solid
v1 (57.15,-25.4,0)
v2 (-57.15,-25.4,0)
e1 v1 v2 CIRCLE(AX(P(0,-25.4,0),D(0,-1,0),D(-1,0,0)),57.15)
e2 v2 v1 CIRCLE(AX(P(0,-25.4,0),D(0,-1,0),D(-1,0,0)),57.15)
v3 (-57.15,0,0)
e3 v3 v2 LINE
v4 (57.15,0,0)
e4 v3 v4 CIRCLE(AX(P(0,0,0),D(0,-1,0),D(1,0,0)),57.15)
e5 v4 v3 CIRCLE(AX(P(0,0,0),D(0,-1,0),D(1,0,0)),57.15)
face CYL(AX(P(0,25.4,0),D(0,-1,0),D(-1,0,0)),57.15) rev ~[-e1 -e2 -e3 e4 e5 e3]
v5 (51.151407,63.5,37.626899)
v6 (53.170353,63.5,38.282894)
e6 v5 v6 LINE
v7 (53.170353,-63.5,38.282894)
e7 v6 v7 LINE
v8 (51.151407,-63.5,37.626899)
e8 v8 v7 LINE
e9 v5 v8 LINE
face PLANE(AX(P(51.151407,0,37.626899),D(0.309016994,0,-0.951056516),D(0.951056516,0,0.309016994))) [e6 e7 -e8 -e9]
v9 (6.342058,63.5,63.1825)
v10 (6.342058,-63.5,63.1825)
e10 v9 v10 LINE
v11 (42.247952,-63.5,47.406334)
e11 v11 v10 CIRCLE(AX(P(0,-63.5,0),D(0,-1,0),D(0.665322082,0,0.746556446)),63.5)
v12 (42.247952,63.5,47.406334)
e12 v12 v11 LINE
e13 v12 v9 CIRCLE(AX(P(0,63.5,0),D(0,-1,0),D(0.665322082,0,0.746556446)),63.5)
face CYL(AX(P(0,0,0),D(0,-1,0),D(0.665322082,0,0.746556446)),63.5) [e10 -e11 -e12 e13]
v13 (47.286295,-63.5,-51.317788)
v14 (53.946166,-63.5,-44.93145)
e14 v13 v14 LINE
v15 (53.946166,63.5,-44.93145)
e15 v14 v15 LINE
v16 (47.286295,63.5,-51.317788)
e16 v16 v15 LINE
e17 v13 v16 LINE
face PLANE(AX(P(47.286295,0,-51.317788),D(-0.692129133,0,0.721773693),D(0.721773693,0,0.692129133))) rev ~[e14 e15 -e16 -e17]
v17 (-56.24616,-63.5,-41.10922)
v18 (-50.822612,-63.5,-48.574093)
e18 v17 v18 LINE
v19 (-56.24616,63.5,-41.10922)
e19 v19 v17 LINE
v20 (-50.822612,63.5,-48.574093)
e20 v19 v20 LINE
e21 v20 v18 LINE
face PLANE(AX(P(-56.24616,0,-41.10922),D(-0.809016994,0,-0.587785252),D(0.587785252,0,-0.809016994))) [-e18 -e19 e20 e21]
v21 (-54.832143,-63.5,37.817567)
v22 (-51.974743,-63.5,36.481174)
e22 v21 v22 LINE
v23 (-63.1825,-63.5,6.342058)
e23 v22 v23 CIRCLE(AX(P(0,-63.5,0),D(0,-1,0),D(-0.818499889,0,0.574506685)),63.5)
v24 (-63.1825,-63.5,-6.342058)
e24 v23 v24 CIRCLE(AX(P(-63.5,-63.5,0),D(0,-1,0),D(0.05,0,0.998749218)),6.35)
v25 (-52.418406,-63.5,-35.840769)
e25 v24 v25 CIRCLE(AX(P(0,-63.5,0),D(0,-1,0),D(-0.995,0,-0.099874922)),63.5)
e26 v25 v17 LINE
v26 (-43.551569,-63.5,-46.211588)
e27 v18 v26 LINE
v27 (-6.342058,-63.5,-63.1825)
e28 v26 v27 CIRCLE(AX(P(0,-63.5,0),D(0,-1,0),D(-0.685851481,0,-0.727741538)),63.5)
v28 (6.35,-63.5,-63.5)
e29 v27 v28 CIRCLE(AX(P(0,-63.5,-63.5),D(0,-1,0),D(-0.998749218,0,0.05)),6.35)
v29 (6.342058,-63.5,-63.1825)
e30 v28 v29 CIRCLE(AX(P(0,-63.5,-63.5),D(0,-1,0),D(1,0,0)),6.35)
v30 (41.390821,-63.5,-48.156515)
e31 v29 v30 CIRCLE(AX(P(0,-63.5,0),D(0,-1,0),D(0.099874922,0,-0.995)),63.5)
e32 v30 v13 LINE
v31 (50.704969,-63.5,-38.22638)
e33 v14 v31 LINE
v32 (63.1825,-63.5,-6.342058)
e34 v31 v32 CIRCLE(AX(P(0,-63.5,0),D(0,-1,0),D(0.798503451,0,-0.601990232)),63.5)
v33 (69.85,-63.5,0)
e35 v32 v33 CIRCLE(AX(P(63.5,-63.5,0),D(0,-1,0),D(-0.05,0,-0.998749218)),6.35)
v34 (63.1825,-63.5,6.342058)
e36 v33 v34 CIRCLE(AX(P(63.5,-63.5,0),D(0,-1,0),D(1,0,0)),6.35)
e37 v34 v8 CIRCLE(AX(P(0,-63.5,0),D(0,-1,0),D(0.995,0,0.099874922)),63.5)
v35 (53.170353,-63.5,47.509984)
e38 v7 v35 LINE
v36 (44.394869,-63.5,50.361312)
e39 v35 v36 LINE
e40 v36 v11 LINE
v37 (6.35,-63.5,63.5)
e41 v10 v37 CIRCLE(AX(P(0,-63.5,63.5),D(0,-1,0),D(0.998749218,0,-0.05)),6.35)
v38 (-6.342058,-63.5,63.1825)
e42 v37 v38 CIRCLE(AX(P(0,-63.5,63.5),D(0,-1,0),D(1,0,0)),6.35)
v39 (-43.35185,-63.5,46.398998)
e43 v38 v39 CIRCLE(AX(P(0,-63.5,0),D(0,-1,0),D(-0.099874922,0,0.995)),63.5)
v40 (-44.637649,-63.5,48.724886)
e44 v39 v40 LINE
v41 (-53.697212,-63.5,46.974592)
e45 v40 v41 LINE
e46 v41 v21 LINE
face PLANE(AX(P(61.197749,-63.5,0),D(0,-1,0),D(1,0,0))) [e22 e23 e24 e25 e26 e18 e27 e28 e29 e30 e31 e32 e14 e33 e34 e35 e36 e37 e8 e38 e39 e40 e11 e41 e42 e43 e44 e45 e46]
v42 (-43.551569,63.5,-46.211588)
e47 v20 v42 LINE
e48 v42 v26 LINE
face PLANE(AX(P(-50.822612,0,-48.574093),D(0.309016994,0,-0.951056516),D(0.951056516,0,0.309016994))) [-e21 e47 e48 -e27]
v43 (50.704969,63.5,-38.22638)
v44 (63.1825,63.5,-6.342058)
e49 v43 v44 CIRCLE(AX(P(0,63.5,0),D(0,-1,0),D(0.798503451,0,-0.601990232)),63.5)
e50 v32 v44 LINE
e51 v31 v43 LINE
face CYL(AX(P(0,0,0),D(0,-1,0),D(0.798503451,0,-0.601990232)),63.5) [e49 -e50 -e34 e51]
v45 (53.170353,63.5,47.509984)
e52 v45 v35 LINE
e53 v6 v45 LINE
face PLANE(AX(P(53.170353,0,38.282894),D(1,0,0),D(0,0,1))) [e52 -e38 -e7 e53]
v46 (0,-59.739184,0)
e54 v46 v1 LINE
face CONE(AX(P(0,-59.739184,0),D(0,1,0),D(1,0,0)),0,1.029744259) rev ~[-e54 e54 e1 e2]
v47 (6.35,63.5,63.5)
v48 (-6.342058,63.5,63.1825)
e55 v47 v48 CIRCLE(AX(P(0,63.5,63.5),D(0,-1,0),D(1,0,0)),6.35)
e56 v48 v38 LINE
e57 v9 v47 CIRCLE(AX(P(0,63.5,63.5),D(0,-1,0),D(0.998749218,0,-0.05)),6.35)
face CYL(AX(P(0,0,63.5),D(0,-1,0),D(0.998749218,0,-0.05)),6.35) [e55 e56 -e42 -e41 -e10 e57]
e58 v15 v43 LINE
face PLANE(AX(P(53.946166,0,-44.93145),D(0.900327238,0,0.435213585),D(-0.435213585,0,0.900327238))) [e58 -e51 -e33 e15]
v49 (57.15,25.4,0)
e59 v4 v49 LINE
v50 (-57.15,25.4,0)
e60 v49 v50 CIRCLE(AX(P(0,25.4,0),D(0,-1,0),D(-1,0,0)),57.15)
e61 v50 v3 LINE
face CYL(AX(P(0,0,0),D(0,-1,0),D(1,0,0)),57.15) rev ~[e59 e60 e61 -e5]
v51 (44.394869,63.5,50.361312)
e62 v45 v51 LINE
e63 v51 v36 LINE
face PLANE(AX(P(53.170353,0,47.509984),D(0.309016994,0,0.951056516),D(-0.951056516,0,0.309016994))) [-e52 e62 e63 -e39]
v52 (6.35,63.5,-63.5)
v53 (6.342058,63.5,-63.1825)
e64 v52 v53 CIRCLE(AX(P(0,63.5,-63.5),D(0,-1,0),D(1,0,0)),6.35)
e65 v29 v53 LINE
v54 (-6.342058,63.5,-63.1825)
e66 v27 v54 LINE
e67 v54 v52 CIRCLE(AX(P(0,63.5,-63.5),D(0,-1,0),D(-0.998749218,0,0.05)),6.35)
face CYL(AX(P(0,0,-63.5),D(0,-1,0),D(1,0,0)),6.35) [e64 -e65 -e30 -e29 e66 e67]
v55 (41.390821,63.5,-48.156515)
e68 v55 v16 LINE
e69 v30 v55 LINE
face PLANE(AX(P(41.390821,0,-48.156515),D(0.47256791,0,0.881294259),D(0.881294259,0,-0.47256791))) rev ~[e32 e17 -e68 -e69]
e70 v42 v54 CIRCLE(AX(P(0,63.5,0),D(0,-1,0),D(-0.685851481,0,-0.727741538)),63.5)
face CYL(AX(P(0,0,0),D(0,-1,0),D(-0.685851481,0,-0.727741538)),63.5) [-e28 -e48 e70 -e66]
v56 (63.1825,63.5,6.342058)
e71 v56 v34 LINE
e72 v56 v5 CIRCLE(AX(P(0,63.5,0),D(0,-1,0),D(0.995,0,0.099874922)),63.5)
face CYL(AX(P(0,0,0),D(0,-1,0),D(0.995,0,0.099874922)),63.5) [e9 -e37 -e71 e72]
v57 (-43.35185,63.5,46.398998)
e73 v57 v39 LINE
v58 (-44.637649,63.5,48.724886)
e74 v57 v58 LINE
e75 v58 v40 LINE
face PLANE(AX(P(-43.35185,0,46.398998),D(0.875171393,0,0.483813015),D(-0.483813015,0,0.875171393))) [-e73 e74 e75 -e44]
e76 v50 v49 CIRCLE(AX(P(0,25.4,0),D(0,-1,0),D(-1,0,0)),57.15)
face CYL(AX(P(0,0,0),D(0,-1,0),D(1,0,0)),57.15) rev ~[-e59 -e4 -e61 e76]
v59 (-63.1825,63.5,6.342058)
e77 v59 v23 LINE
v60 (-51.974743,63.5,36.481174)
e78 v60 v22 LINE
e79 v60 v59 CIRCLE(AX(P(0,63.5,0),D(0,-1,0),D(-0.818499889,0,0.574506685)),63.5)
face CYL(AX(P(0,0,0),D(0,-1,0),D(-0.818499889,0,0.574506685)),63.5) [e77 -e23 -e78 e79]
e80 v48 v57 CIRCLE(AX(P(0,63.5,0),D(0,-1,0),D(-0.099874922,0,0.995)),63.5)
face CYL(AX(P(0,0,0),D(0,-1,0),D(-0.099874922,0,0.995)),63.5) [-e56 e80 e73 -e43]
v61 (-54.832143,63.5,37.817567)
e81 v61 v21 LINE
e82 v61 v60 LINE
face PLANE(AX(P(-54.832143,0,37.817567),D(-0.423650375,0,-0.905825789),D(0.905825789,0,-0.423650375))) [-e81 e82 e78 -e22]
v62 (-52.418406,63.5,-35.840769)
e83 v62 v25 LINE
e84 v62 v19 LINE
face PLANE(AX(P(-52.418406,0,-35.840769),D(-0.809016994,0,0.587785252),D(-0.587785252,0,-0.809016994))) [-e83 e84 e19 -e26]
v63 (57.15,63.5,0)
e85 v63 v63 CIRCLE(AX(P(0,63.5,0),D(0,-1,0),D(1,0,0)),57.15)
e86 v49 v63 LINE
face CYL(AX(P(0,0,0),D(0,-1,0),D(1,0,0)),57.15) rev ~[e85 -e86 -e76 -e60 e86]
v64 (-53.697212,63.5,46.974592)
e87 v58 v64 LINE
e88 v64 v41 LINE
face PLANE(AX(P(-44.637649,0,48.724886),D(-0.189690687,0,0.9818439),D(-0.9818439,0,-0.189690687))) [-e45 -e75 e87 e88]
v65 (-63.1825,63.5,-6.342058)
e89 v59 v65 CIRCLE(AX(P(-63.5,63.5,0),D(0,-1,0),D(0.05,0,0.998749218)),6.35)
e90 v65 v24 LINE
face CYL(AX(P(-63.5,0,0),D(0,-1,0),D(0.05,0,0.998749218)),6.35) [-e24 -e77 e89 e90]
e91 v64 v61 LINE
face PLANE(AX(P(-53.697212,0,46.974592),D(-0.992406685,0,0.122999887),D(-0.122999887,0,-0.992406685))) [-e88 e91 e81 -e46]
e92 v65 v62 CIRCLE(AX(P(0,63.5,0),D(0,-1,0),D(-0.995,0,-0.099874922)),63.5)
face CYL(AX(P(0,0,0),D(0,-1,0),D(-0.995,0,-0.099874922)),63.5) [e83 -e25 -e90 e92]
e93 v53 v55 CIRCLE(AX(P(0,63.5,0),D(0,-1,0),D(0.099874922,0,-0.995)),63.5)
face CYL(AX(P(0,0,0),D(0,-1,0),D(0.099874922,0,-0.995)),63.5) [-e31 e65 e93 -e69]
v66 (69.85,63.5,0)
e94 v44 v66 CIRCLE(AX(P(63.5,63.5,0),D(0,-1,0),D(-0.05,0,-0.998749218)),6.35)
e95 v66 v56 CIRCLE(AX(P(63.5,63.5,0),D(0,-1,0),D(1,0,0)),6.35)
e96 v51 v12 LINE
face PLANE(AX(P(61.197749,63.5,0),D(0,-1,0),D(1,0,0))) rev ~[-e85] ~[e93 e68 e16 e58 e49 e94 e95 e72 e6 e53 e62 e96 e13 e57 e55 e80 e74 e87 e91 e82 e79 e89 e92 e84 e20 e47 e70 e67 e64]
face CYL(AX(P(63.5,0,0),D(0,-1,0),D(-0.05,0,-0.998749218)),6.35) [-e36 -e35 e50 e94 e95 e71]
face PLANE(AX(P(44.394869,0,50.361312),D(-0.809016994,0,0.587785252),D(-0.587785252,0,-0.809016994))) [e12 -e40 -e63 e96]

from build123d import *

# Parameters (mm, degrees)
F1_DEPTH = 63.5
F2_D     = 114.3
F2_DEPTH = 63.501
F3_D     = 114.3
F3_DEPTH = 25.4
F3_TIP   = 34.3391843774


with BuildPart() as f1:
    # F0 (on Front) → F1 (new body, symmetric)
    with BuildSketch(Plane.XZ):
        with BuildLine():
            ThreePointArc((63.1825, -6.3420575329), (63.4205753285, -3.175), (63.5, 0))
            ThreePointArc((63.5, 0), (63.4205753285, 3.175), (63.1825, 6.3420575329))
            ThreePointArc((63.1825, 6.3420575329), (57.15, 0), (63.1825, -6.3420575329))
        make_face()
        with BuildLine():
            ThreePointArc((63.1825, 6.3420575329), (63.4205753285, 3.175), (63.5, 0))
            ThreePointArc((63.5, 0), (63.4205753285, -3.175), (63.1825, -6.3420575329))
            ThreePointArc((63.1825, -6.3420575329), (67.8764354788, -4.6010121169), (69.85, 0))
            ThreePointArc((69.85, 0), (67.8764354788, 4.6010121169), (63.1825, 6.3420575329))
        make_face()
        with BuildLine():
            ThreePointArc((63.1825, -6.3420575329), (57.15, 0), (63.1825, 6.3420575329))
            ThreePointArc((63.1825, 6.3420575329), (59.2684226035, 22.7926321889), (51.1514073356, 37.6268989898))
            Line((51.1514073356, 37.6268989898), (44.3948691925, 35.4315666688))
            Line((44.3948691925, 35.4315666688), (38.9713217069, 42.8964393729))
            Line((38.9713217069, 42.8964393729), (42.2479521953, 47.4063343373))
            ThreePointArc((42.2479521953, 47.4063343373), (25.5434749418, 58.1358829631), (6.3420575329, 63.1825))
            ThreePointArc((6.3420575329, 63.1825), (0, 57.15), (-6.3420575329, 63.1825))
            ThreePointArc((-6.3420575329, 63.1825), (-26.2258003585, 57.831283883), (-43.351850487, 46.3989984736))
            Line((-43.351850487, 46.3989984736), (-40.1734631197, 40.6496002242))
            Line((-40.1734631197, 40.6496002242), (-46.4740063985, 33.9085063805))
            Line((-46.4740063985, 33.9085063805), (-51.9747429826, 36.4811744862))
            ThreePointArc((-51.9747429826, 36.4811744862), (-59.5179741382, 22.132798162), (-63.1825, 6.3420575329))
            ThreePointArc((-63.1825, 6.3420575329), (-58.8989878831, 4.3764354788), (-57.15, 0))
            ThreePointArc((-57.15, 0), (-58.8989878831, -4.3764354788), (-63.1825, -6.3420575329))
            ThreePointArc((-63.1825, -6.3420575329), (-59.6526265915, -21.7672722391), (-52.4184059941, -35.8407688679))
            Line((-52.4184059941, -35.8407688679), (-50.8226124015, -33.6443474184))
            Line((-50.8226124015, -33.6443474184), (-42.0471282301, -36.4956750697))
            Line((-42.0471282301, -36.4956750697), (-42.0471282301, -45.7227651753))
            Line((-42.0471282301, -45.7227651753), (-43.5515690674, -46.2115876352))
            ThreePointArc((-43.5515690674, -46.2115876352), (-26.3504546537, -57.7745925087), (-6.3420575329, -63.1825))
            ThreePointArc((-6.3420575329, -63.1825), (0, -57.15), (6.3420575329, -63.1825))
            ThreePointArc((6.3420575329, -63.1825), (25.0210307502, -58.3626423339), (41.3908210079, -48.1565149932))
            Line((41.3908210079, -48.1565149932), (39.1545134974, -46.9573614133))
            Line((39.1545134974, -46.9573614133), (40.7886670188, -37.876131646))
            Line((40.7886670188, -37.876131646), (49.9304109745, -36.6240496733))
            Line((49.9304109745, -36.6240496733), (50.7049691251, -38.2263797138))
            ThreePointArc((50.7049691251, -38.2263797138), (59.1332512734, -23.1410586153), (63.1825, -6.3420575329))
        make_face()
        with BuildLine():
            Line((44.3948691925, 35.4315666688), (51.1514073356, 37.6268989898))
            ThreePointArc((51.1514073356, 37.6268989898), (46.9549723579, 42.7490417539), (42.2479521953, 47.4063343373))
            Line((42.2479521953, 47.4063343373), (38.9713217069, 42.8964393729))
            Line((38.9713217069, 42.8964393729), (44.3948691925, 35.4315666688))
        make_face()
        with BuildLine():
            ThreePointArc((42.2479521953, 47.4063343373), (46.9549723579, 42.7490417539), (51.1514073356, 37.6268989898))
            Line((51.1514073356, 37.6268989898), (53.170353364, 38.28289432))
            Line((53.170353364, 38.28289432), (53.170353364, 47.5099844257))
            Line((53.170353364, 47.5099844257), (44.3948691925, 50.361312077))
            Line((44.3948691925, 50.361312077), (42.2479521953, 47.4063343373))
        make_face()
        with BuildLine():
            Line((53.9461659342, -44.9314502248), (50.7049691251, -38.2263797138))
            ThreePointArc((50.7049691251, -38.2263797138), (46.3147982477, -43.4417939694), (41.3908210079, -48.1565149932))
            Line((41.3908210079, -48.1565149932), (47.286295034, -51.3177880964))
            Line((47.286295034, -51.3177880964), (53.9461659342, -44.9314502248))
        make_face()
        with BuildLine():
            ThreePointArc((41.3908210079, -48.1565149932), (46.3147982477, -43.4417939694), (50.7049691251, -38.2263797138))
            Line((50.7049691251, -38.2263797138), (49.9304109745, -36.6240496733))
            Line((49.9304109745, -36.6240496733), (40.7886670188, -37.876131646))
            Line((40.7886670188, -37.876131646), (39.1545134974, -46.9573614133))
            Line((39.1545134974, -46.9573614133), (41.3908210079, -48.1565149932))
        make_face()
        with BuildLine():
            ThreePointArc((-6.3420575329, 63.1825), (0, 57.15), (6.3420575329, 63.1825))
            ThreePointArc((6.3420575329, 63.1825), (0, 63.5), (-6.3420575329, 63.1825))
        make_face()
        with BuildLine():
            ThreePointArc((-6.3420575329, 63.1825), (0, 63.5), (6.3420575329, 63.1825))
            ThreePointArc((6.3420575329, 63.1825), (6.3480140727, 63.3412003363), (6.35, 63.5))
            ThreePointArc((6.35, 63.5), (-0.1587996637, 69.8480140727), (-6.3420575329, 63.1825))
        make_face()
        with BuildLine():
            ThreePointArc((6.35, -63.5), (6.3480140727, -63.3412003363), (6.3420575329, -63.1825))
            ThreePointArc((6.3420575329, -63.1825), (0, -63.5), (-6.3420575329, -63.1825))
            ThreePointArc((-6.3420575329, -63.1825), (-0.1587996637, -69.8480140727), (6.35, -63.5))
        make_face()
        with BuildLine():
            ThreePointArc((-6.3420575329, -63.1825), (0, -63.5), (6.3420575329, -63.1825))
            ThreePointArc((6.3420575329, -63.1825), (0, -57.15), (-6.3420575329, -63.1825))
        make_face()
        with BuildLine():
            Line((-40.1734631197, 40.6496002242), (-43.351850487, 46.3989984736))
            ThreePointArc((-43.351850487, 46.3989984736), (-47.9205661881, 41.6637652668), (-51.9747429826, 36.4811744862))
            Line((-51.9747429826, 36.4811744862), (-46.4740063985, 33.9085063805))
            Line((-46.4740063985, 33.9085063805), (-40.1734631197, 40.6496002242))
        make_face()
        with BuildLine():
            ThreePointArc((-51.9747429826, 36.4811744862), (-47.9205661881, 41.6637652668), (-43.351850487, 46.3989984736))
            Line((-43.351850487, 46.3989984736), (-44.6376493999, 48.7248855241))
            Line((-44.6376493999, 48.7248855241), (-53.6972115319, 46.9745924645))
            Line((-53.6972115319, 46.9745924645), (-54.8321425725, 37.8175665635))
            Line((-54.8321425725, 37.8175665635), (-51.9747429826, 36.4811744862))
        make_face()
        with BuildLine():
            Line((-50.8226124015, -48.5740928266), (-43.5515690674, -46.2115876352))
            ThreePointArc((-43.5515690674, -46.2115876352), (-48.2643501852, -41.2650275802), (-52.4184059941, -35.8407688679))
            Line((-52.4184059941, -35.8407688679), (-56.2461598872, -41.1092201225))
            Line((-56.2461598872, -41.1092201225), (-50.8226124015, -48.5740928266))
        make_face()
        with BuildLine():
            ThreePointArc((-52.4184059941, -35.8407688679), (-48.2643501852, -41.2650275802), (-43.5515690674, -46.2115876352))
            Line((-43.5515690674, -46.2115876352), (-42.0471282301, -45.7227651753))
            Line((-42.0471282301, -45.7227651753), (-42.0471282301, -36.4956750697))
            Line((-42.0471282301, -36.4956750697), (-50.8226124015, -33.6443474184))
            Line((-50.8226124015, -33.6443474184), (-52.4184059941, -35.8407688679))
        make_face()
        with BuildLine():
            ThreePointArc((-57.15, 0), (-58.8989878831, 4.3764354788), (-63.1825, 6.3420575329))
            ThreePointArc((-63.1825, 6.3420575329), (-63.5, 0), (-63.1825, -6.3420575329))
            ThreePointArc((-63.1825, -6.3420575329), (-58.8989878831, -4.3764354788), (-57.15, 0))
        make_face()
        with BuildLine():
            ThreePointArc((-63.1825, -6.3420575329), (-63.5, 0), (-63.1825, 6.3420575329))
            ThreePointArc((-63.1825, 6.3420575329), (-69.85, 0), (-63.1825, -6.3420575329))
        make_face()
    extrude(amount=F1_DEPTH, both=True)

    # F2 (through all, one way)
    with BuildSketch(Plane.XZ):
        with Locations((0, 0)):
            Circle(F2_D / 2)
    extrude(amount=-F2_DEPTH, mode=Mode.SUBTRACT)

    # F3
    with Locations(Plane(origin=(0, 0, 0), x_dir=(1, 0, 0), z_dir=(0, 1, 0))):
        with Locations((0, 0)):
            Hole(F3_D / 2, depth=F3_DEPTH)
            with Locations((0, 0, -(F3_DEPTH + F3_TIP / 2))):  # 118° drill point
                Cone(0, F3_D / 2, F3_TIP, mode=Mode.SUBTRACT)


solid = f1.part
